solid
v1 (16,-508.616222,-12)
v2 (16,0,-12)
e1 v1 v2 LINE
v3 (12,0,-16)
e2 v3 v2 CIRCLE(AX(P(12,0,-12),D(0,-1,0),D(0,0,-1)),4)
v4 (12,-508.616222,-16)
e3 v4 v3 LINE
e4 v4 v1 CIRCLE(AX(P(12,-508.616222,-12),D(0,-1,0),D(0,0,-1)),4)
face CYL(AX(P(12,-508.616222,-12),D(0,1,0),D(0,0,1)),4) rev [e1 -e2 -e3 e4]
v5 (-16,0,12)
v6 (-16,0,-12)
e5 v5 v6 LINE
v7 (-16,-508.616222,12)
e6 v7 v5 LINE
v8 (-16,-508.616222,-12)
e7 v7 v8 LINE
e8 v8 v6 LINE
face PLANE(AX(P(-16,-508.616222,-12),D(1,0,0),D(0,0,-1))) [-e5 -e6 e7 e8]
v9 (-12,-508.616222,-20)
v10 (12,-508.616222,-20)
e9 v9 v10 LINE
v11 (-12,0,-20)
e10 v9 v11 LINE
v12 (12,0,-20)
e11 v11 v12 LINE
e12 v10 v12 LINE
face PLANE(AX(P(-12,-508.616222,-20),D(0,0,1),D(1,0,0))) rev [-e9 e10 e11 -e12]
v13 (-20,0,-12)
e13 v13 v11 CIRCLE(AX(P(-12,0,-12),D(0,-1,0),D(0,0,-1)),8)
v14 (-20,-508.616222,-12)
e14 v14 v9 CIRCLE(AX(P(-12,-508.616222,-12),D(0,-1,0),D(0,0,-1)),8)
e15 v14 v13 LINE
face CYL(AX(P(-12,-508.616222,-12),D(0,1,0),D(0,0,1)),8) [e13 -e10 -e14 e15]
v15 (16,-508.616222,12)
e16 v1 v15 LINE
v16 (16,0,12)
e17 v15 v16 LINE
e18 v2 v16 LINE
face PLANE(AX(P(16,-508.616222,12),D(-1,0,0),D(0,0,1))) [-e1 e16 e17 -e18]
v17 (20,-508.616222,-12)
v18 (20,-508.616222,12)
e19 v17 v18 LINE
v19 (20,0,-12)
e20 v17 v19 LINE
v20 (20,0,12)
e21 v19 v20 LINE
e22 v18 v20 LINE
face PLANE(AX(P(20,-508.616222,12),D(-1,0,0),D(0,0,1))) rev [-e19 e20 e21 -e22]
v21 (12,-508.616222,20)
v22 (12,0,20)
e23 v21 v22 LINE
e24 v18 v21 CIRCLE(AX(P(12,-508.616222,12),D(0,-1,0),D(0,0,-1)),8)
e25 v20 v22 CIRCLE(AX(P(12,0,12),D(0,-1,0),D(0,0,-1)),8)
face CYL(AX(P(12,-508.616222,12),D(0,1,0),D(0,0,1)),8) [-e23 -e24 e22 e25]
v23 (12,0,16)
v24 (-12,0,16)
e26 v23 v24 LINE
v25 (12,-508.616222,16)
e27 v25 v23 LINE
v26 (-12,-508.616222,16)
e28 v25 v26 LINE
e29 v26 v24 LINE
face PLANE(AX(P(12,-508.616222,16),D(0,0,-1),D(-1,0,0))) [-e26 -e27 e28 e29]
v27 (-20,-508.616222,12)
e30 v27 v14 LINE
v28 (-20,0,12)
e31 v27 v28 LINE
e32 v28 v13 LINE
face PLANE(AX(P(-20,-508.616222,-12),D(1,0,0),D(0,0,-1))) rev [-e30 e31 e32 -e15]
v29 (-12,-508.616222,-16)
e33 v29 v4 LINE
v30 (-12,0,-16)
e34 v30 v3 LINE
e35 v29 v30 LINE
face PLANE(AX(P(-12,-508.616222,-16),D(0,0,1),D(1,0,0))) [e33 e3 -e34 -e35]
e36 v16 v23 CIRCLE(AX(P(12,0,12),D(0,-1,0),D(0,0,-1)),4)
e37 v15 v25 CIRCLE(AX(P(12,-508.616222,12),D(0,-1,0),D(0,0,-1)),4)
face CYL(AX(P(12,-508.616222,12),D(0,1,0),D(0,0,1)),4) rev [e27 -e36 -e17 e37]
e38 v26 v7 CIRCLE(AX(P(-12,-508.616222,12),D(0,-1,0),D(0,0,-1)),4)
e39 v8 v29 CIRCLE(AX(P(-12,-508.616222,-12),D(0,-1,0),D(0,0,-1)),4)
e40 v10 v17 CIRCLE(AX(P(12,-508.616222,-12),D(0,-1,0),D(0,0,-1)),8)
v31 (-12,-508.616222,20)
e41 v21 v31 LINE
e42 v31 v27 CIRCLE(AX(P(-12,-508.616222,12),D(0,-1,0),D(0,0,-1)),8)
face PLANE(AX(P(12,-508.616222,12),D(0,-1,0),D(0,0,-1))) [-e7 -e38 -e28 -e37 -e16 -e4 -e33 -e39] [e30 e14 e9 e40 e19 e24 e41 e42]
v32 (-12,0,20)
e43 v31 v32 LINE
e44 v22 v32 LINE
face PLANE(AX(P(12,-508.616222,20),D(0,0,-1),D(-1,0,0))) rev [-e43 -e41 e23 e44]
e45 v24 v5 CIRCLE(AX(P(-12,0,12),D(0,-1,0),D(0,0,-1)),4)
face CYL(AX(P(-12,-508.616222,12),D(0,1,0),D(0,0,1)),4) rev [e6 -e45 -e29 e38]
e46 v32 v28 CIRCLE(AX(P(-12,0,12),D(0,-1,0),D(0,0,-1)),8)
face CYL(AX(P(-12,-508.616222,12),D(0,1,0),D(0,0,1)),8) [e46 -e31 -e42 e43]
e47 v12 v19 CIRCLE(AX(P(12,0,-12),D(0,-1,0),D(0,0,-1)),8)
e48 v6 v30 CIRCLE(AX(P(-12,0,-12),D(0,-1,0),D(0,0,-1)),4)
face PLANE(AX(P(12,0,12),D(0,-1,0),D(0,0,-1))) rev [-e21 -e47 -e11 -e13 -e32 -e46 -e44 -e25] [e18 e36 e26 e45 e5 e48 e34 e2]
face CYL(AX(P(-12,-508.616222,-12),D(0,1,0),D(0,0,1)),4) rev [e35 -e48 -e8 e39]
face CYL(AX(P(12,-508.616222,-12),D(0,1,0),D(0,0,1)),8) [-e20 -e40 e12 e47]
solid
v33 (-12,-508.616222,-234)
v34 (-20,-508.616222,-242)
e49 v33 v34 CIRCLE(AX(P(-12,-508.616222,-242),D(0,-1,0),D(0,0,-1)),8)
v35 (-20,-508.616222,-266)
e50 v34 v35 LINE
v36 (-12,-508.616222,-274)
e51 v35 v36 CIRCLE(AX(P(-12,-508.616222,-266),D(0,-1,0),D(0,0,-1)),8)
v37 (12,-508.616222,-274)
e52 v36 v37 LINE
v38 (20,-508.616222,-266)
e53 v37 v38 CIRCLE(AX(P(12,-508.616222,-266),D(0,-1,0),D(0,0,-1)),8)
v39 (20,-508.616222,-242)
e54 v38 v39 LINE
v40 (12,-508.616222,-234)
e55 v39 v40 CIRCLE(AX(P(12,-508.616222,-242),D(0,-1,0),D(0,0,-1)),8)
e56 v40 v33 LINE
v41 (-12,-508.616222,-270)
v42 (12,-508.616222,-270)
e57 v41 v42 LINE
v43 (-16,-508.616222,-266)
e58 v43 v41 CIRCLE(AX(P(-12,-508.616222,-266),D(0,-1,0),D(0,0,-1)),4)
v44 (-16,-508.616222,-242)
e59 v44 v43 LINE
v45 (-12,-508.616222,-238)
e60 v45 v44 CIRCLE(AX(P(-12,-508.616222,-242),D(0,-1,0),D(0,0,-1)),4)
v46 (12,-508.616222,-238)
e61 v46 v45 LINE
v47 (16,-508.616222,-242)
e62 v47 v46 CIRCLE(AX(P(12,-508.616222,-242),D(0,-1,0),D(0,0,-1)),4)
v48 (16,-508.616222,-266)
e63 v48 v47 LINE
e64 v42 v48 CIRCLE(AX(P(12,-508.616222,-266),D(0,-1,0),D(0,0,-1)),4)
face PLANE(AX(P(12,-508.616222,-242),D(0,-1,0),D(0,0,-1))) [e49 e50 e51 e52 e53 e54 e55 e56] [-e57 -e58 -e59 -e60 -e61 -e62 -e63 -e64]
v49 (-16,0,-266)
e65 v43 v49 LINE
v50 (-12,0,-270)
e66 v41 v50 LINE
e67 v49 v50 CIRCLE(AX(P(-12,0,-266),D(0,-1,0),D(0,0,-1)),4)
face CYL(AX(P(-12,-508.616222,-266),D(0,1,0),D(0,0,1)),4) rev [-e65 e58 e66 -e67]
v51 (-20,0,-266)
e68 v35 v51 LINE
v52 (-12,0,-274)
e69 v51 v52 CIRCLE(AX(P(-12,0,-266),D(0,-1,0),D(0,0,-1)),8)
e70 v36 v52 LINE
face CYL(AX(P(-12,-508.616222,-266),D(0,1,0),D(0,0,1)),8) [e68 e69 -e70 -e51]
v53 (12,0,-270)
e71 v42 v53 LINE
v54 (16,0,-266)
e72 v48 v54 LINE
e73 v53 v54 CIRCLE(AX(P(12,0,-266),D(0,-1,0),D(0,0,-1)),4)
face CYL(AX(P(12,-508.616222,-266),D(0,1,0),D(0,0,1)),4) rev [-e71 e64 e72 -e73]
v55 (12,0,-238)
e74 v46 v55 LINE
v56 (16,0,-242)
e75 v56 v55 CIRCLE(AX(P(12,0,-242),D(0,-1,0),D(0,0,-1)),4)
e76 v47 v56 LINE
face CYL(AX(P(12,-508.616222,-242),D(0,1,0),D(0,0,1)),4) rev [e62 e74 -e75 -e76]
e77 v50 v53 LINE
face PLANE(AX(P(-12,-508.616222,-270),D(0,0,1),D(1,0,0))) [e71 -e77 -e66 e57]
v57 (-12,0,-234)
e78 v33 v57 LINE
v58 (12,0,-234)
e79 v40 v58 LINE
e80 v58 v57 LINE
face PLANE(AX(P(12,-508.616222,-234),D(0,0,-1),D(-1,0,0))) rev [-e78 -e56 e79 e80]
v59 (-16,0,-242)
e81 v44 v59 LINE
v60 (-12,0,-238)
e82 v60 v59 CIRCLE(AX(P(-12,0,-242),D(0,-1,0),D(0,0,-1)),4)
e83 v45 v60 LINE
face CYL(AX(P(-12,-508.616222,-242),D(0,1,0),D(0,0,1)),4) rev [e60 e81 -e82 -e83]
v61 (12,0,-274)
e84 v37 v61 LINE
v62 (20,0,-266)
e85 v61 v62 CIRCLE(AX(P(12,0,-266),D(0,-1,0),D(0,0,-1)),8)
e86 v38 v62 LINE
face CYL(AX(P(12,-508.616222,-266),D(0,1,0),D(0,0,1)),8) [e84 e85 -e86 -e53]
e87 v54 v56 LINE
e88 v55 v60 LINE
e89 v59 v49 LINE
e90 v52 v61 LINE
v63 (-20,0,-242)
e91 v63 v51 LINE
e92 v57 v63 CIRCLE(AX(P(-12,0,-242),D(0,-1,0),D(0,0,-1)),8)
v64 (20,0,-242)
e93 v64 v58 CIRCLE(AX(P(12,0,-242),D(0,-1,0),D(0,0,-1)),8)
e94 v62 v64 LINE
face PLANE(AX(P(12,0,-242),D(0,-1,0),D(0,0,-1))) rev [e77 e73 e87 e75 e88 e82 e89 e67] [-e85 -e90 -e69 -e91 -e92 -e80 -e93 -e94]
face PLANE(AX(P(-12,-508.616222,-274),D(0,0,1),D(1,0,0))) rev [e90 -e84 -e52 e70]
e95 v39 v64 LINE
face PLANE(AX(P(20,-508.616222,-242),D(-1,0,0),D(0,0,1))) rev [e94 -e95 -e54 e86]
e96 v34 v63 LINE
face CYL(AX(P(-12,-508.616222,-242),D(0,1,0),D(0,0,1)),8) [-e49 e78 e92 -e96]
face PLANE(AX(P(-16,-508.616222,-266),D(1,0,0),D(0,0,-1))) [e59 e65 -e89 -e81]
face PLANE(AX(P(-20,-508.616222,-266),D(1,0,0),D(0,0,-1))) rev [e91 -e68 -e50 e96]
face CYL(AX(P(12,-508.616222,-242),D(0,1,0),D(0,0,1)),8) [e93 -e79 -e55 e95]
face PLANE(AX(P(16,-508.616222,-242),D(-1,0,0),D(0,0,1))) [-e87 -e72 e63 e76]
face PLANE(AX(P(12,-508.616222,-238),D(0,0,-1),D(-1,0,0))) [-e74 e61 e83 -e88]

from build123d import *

# Parameters (mm, degrees)
SQUARE_TUBE_40_X_40_X_4_2_DEPTH   = 508.616222313
SQUARE_TUBE_40_X_40_X_4_2_2_DEPTH = 508.616222313


with BuildPart() as part:
    # Sketch13 → Square tube 40 X 40 X 4(2) (new body)
    with BuildSketch(Plane(origin=(0, 0, -254), x_dir=(1, 0, 0), z_dir=(0, -1, 0))):
        with BuildLine():
            Line((-12, -20), (12, -20))
            ThreePointArc((12, -20), (17.656854249, -17.656854249), (20, -12))
            Line((20, -12), (20, 12))
            ThreePointArc((20, 12), (17.656854249, 17.656854249), (12, 20))
            Line((12, 20), (-12, 20))
            ThreePointArc((-12, 20), (-17.656854249, 17.656854249), (-20, 12))
            Line((-20, 12), (-20, -12))
            ThreePointArc((-20, -12), (-17.656854249, -17.656854249), (-12, -20))
        make_face()
        with BuildLine():
            Line((-12, -16), (12, -16))
            ThreePointArc((12, -16), (14.828427125, -14.828427125), (16, -12))
            Line((16, -12), (16, 12))
            ThreePointArc((16, 12), (14.828427125, 14.828427125), (12, 16))
            Line((12, 16), (-12, 16))
            ThreePointArc((-12, 16), (-14.828427125, 14.828427125), (-16, 12))
            Line((-16, 12), (-16, -12))
            ThreePointArc((-16, -12), (-14.828427125, -14.828427125), (-12, -16))
        make_face(mode=Mode.SUBTRACT)
    extrude(amount=SQUARE_TUBE_40_X_40_X_4_2_DEPTH)


with BuildPart() as body_2:
    # Sketch13 on segment 2 (carried to segment 2) → Square tube 40 X 40 X 4_2 2 (new body)
    with BuildSketch(Plane.XZ):
        with BuildLine():
            Line((-12, -20), (12, -20))
            ThreePointArc((12, -20), (17.656854249, -17.656854249), (20, -12))
            Line((20, -12), (20, 12))
            ThreePointArc((20, 12), (17.656854249, 17.656854249), (12, 20))
            Line((12, 20), (-12, 20))
            ThreePointArc((-12, 20), (-17.656854249, 17.656854249), (-20, 12))
            Line((-20, 12), (-20, -12))
            ThreePointArc((-20, -12), (-17.656854249, -17.656854249), (-12, -20))
        make_face()
        with BuildLine():
            Line((-12, -16), (12, -16))
            ThreePointArc((12, -16), (14.828427125, -14.828427125), (16, -12))
            Line((16, -12), (16, 12))
            ThreePointArc((16, 12), (14.828427125, 14.828427125), (12, 16))
            Line((12, 16), (-12, 16))
            ThreePointArc((-12, 16), (-14.828427125, 14.828427125), (-16, 12))
            Line((-16, 12), (-16, -12))
            ThreePointArc((-16, -12), (-14.828427125, -14.828427125), (-12, -16))
        make_face(mode=Mode.SUBTRACT)
    extrude(amount=SQUARE_TUBE_40_X_40_X_4_2_2_DEPTH)


solid = Compound([part.part, body_2.part])
